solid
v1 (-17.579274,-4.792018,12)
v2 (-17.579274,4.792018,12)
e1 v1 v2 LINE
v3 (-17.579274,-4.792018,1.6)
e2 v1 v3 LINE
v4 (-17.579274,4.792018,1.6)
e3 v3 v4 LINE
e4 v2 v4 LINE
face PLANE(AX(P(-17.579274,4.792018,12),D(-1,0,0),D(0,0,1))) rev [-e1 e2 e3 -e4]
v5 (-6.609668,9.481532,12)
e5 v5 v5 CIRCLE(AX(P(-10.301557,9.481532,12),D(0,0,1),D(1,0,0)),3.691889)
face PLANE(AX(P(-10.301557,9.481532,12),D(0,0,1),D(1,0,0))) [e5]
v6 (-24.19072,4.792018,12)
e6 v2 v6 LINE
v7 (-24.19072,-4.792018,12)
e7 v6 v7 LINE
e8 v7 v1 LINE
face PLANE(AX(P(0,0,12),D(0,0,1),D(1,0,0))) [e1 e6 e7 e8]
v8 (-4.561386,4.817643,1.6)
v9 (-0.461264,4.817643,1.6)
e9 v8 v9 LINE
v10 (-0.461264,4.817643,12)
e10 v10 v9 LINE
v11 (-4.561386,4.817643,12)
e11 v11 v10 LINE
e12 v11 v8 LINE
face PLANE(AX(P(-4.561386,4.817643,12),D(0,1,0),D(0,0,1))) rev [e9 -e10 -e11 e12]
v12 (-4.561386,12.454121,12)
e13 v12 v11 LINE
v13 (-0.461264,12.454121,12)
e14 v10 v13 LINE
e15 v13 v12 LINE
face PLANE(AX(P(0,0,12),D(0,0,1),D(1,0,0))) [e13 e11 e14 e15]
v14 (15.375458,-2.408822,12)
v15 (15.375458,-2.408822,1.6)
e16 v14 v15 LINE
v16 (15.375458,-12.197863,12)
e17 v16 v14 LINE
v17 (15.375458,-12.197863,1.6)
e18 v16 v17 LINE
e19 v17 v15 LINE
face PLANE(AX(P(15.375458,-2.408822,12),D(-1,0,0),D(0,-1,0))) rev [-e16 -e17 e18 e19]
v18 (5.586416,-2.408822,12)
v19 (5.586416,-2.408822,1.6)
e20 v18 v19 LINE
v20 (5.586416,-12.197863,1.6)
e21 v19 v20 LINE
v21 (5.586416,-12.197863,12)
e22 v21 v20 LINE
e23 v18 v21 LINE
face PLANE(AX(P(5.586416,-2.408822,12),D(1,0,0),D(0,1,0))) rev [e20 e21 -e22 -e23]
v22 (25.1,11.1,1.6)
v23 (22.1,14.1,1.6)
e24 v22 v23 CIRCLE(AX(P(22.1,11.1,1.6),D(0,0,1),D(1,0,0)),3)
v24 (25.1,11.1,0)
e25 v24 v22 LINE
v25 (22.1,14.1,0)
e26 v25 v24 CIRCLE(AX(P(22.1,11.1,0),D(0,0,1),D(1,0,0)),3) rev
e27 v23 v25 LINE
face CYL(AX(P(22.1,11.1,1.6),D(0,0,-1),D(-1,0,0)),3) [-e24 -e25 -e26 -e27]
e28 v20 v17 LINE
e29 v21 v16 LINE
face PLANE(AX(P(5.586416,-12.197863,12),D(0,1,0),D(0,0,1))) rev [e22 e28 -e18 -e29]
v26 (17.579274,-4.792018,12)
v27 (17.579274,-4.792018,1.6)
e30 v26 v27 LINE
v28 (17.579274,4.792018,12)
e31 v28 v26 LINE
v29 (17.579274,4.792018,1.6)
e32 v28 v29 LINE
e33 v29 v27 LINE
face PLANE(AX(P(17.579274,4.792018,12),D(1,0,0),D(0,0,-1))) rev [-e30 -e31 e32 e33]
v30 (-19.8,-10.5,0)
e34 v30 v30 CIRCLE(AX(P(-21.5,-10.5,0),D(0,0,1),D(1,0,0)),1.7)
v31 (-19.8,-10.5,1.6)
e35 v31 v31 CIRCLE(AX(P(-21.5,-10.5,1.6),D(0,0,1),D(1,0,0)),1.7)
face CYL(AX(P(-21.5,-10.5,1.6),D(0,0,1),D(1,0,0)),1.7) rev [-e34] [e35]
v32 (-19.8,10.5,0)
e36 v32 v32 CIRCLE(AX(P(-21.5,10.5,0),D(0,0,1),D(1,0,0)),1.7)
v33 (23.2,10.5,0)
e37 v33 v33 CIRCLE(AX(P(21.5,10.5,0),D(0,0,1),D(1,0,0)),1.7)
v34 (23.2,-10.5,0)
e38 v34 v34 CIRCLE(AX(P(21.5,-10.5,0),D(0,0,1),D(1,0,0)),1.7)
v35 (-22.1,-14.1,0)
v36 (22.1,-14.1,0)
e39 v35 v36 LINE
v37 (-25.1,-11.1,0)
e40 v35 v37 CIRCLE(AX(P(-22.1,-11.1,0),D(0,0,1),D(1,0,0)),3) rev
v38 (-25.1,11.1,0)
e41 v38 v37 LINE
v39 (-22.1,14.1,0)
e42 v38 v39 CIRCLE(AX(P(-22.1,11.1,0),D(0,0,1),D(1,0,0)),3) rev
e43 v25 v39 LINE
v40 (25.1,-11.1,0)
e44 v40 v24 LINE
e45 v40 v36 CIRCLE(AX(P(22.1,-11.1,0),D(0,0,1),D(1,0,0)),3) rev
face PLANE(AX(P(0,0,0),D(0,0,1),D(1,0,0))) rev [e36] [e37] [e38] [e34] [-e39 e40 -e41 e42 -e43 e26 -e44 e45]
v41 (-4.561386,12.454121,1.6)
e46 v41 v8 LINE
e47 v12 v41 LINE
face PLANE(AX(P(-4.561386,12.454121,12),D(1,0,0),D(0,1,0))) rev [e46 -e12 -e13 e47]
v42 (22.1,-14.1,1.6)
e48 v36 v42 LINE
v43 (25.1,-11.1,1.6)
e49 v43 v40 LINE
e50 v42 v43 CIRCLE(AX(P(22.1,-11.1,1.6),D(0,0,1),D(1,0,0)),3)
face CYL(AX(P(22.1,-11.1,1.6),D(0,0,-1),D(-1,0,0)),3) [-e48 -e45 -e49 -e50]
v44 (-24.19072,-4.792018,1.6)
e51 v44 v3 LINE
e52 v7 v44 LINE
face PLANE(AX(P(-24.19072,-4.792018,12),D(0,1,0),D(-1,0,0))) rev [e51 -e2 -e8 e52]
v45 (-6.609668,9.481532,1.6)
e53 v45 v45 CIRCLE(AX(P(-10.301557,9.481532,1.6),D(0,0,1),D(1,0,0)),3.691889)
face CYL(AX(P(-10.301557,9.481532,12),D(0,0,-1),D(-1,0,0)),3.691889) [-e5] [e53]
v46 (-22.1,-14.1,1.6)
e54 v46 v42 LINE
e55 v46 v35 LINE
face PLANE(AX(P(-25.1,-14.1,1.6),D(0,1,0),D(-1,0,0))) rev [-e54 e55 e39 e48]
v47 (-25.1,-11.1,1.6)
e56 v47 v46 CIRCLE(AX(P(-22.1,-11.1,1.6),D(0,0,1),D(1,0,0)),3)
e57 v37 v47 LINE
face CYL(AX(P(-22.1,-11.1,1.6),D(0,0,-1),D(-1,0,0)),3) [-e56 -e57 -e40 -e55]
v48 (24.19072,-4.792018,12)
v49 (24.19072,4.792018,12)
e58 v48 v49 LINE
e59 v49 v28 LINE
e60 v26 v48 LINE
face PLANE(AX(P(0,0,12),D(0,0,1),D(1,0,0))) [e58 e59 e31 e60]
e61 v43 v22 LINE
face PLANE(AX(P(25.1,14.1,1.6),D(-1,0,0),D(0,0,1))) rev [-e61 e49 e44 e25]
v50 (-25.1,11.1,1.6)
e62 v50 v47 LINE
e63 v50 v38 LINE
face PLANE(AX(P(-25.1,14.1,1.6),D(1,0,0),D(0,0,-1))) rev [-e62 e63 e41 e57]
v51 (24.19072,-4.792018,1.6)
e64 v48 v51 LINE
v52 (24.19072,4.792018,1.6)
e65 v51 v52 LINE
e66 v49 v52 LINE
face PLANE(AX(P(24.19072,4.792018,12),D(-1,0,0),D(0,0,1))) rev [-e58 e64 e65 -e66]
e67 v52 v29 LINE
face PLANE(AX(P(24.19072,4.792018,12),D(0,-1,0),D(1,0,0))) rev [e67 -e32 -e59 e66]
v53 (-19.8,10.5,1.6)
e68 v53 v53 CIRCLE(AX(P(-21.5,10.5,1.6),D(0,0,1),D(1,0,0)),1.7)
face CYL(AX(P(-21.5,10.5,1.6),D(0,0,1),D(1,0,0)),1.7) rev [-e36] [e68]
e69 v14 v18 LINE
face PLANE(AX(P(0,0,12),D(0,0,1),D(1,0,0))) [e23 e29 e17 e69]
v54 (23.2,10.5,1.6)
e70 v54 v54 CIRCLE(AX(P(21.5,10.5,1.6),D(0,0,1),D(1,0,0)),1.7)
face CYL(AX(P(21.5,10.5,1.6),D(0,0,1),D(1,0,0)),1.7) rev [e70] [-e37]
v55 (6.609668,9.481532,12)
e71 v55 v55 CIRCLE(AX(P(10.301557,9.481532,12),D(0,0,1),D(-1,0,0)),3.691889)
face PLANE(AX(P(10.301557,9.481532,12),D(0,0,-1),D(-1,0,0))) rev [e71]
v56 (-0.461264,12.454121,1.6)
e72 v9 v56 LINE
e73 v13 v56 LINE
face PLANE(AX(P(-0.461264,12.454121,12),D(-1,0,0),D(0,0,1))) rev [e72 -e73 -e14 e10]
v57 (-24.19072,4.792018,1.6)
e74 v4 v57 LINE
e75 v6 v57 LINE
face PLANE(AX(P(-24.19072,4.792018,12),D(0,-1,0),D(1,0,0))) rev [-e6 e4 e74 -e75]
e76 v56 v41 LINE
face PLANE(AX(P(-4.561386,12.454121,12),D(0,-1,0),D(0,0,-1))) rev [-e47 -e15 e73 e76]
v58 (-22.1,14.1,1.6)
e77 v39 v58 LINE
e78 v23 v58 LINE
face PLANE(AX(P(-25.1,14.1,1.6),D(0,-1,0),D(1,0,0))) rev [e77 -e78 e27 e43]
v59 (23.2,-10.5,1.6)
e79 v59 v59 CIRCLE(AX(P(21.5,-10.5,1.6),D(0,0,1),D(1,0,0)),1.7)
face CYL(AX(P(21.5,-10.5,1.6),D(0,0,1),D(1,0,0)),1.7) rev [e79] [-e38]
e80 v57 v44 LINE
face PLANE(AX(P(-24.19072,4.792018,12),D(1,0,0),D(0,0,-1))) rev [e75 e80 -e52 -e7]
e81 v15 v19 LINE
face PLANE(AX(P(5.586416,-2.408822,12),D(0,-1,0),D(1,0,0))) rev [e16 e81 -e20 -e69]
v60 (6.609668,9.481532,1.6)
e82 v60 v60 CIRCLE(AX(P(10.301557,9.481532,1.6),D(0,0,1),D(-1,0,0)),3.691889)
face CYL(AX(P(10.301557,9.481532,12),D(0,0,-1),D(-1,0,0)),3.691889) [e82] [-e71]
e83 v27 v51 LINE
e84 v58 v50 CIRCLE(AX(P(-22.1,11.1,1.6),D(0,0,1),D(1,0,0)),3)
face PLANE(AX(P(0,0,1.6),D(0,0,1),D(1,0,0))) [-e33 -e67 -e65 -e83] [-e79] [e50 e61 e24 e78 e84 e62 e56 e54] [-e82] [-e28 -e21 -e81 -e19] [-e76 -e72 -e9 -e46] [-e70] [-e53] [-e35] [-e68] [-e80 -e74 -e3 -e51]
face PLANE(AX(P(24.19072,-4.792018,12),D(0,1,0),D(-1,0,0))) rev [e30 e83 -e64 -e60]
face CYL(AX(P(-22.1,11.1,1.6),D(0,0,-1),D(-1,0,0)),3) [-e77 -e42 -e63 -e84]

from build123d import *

# Parameters (mm, degrees)
ESQUISSE1_W        = 50.2
ESQUISSE1_H        = 28.2
BOSS_EXTRU_1_DEPTH = 1.6
D_GAGEMENT_M31_D   = 3.4
CONG_1_R           = 3
ESQUISSE5_R        = 3.691889044
ESQUISSE5_W        = 6.611446916
ESQUISSE5_H        = 9.58403545
ESQUISSE5_W_2      = 4.100122118
ESQUISSE5_H_2      = 7.636477445
ESQUISSE5_W_3      = 9.789041557
ESQUISSE5_H_3      = 9.789041557
BOSS_EXTRU_2_DEPTH = 10.4


with BuildPart() as part:
    # Esquisse1 → Boss.-Extru.1 (new body)
    with BuildSketch(Plane.XY):
        Rectangle(ESQUISSE1_W, ESQUISSE1_H)
    extrude(amount=BOSS_EXTRU_1_DEPTH)

    # Dégagement M31 (through all)
    with Locations(Plane.XY.offset(1.6)):
        with Locations((-21.5, 10.5), (21.5, 10.5), (21.5, -10.5), (-21.5, -10.5)):
            Hole(D_GAGEMENT_M31_D / 2)

    # Congé1
    cong_1_edges = [part.edges().sort_by_distance(p)[0] for p in [
        (-25.1, 14.1, 0.8),
        (25.1, 14.1, 0.8),
        (25.1, -14.1, 0.8),
        (-25.1, -14.1, 0.8),
    ]]
    fillet(cong_1_edges, radius=CONG_1_R)

    # Esquisse5 → Boss.-Extru.2 (add)
    with BuildSketch(Plane.XY.offset(1.6)):
        with Locations((-10.301556822, 9.481532398)):
            Circle(ESQUISSE5_R)
        with Locations(Location((10.301556822, 9.481532398, 0), (0, 0, 180))):
            Circle(ESQUISSE5_R)
        with Locations((-20.884997039, 0)):
            Rectangle(ESQUISSE5_W, ESQUISSE5_H)
        with Locations((20.884997039, 0)):
            Rectangle(ESQUISSE5_W, ESQUISSE5_H)
        with Locations((-2.511324797, 8.635882212)):
            Rectangle(ESQUISSE5_W_2, ESQUISSE5_H_2)
        with Locations((10.480937165, -7.303342522)):
            Rectangle(ESQUISSE5_W_3, ESQUISSE5_H_3)
    extrude(amount=BOSS_EXTRU_2_DEPTH)


solid = part.part
